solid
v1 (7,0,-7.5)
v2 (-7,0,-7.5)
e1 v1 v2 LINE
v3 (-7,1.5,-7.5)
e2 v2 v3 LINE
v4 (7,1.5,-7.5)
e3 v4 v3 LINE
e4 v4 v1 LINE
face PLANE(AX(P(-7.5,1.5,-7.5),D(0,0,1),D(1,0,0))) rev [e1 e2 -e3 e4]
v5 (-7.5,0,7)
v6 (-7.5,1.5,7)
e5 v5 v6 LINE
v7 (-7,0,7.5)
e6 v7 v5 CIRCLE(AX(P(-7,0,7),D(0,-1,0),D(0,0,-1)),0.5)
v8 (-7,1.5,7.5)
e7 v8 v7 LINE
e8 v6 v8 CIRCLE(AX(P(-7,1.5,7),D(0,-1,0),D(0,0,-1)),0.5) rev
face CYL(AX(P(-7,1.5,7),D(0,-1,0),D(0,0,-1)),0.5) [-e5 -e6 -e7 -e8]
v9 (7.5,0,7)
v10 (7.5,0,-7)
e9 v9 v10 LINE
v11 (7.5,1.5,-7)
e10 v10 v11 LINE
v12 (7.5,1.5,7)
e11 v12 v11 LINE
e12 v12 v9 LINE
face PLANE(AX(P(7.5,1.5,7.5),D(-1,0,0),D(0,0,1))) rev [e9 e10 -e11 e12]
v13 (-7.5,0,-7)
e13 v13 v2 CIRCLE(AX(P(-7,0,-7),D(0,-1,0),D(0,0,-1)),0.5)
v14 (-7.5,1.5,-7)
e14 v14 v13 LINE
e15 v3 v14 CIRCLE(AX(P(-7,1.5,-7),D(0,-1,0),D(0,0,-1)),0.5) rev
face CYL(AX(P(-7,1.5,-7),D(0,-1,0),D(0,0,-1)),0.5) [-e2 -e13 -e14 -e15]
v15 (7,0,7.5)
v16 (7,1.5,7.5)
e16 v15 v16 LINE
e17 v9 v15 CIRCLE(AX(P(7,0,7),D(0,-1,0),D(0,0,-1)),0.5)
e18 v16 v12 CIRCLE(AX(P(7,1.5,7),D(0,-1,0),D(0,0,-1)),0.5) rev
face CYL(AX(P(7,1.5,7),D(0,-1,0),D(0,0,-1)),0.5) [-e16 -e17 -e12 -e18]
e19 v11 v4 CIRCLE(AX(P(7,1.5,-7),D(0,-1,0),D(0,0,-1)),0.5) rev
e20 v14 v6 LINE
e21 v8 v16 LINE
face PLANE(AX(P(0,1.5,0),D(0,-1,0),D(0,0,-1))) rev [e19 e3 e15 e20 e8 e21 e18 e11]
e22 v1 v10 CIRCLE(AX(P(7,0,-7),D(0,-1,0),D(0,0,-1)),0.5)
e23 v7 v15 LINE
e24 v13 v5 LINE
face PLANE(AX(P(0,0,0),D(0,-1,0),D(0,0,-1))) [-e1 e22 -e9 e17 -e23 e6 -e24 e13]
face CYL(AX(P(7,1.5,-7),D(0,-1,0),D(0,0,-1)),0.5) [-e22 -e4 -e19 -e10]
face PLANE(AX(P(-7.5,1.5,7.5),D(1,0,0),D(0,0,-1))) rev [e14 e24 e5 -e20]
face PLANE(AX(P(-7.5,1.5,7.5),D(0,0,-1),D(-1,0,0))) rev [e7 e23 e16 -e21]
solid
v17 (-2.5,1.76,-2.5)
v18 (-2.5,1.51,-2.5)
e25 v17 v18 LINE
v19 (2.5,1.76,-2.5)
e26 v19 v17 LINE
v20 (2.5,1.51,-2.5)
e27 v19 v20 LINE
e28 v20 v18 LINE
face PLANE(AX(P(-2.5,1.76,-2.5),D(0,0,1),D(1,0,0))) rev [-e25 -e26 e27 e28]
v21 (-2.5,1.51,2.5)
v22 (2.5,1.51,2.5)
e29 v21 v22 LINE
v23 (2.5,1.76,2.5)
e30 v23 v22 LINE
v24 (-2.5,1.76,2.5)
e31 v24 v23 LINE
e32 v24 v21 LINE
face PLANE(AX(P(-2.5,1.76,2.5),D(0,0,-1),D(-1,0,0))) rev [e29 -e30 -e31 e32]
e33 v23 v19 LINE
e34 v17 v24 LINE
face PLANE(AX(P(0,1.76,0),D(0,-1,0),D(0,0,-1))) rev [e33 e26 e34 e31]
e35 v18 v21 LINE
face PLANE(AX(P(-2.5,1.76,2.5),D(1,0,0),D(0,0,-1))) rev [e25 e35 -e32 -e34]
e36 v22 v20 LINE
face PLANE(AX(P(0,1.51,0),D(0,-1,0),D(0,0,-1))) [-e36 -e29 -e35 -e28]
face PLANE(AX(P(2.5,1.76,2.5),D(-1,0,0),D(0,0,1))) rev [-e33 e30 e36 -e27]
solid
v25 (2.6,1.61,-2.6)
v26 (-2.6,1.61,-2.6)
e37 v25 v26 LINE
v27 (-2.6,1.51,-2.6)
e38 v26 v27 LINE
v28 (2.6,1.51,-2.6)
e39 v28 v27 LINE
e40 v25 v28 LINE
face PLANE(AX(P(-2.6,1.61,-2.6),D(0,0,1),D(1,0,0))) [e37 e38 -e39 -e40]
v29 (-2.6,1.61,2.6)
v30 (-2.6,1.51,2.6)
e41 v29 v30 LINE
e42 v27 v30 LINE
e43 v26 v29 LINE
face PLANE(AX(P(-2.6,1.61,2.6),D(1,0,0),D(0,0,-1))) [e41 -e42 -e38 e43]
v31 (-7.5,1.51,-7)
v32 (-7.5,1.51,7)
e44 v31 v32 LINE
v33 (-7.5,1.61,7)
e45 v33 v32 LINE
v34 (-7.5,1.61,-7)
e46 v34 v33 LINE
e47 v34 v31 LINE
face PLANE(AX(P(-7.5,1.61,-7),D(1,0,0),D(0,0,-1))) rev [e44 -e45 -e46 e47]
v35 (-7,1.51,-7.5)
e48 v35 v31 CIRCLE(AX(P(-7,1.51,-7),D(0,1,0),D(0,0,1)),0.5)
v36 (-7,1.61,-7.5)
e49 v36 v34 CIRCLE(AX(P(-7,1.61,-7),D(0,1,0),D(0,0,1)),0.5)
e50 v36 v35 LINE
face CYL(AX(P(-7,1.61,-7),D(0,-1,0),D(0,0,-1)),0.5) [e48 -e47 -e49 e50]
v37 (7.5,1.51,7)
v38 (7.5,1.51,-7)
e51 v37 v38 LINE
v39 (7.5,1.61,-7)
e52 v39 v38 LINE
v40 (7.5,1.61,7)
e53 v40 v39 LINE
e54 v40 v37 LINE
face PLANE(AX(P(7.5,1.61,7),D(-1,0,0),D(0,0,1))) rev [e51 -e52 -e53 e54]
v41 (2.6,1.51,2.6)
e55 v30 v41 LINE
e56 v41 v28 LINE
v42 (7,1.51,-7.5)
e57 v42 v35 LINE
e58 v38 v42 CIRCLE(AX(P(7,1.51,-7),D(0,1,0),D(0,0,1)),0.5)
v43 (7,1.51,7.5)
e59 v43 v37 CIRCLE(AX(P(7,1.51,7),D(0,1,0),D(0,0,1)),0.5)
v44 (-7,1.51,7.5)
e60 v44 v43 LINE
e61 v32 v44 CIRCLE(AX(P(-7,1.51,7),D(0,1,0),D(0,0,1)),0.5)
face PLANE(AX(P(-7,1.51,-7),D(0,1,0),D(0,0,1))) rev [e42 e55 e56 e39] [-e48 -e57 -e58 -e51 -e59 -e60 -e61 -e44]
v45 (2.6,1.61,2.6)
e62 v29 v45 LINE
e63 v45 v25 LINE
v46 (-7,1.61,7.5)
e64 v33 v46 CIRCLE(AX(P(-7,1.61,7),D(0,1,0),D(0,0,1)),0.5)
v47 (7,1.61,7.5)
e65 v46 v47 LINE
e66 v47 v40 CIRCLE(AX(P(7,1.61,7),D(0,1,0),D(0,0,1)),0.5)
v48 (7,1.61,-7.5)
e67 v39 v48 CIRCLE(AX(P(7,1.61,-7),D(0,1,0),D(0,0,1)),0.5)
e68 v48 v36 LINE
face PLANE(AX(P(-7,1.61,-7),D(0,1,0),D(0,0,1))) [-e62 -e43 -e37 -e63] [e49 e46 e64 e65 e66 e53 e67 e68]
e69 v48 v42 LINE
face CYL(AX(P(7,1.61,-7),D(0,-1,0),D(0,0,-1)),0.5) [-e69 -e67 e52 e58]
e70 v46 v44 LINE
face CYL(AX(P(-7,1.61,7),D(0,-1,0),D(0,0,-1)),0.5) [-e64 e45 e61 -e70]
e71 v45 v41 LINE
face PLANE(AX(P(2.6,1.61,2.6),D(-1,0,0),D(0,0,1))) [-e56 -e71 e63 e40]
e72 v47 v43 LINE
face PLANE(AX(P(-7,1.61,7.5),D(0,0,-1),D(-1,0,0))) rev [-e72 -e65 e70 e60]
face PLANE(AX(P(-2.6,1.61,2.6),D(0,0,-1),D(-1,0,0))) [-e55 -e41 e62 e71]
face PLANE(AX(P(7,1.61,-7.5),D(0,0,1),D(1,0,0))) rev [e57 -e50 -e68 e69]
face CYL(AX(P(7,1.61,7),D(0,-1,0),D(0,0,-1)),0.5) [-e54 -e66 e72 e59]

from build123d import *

# Parameters (mm, degrees)
SKETCH_1_W      = 15
SKETCH_1_H      = 15
EXTRUDE_1_DEPTH = 1.5
FILLET_1_R      = 0.5
EXTRUDE_START   = 0.1
SKETCH_2_W      = 5.2
SKETCH_2_H      = 5.2
EXTRUDE_2_DEPTH = 0.1
SKETCH_3_W      = 5
SKETCH_3_H      = 5
EXTRUDE_3_DEPTH = 0.25


with BuildPart() as part:
    # 草图1 → 凸台-拉伸1 (new body)
    with BuildSketch(Plane(origin=(0, 0, 0), x_dir=(1, 0, 0), z_dir=(0, 1, 0))):
        Rectangle(SKETCH_1_W, SKETCH_1_H)
    extrude(amount=EXTRUDE_1_DEPTH)

    # 圆角1
    fillet_1_edges = [part.edges().sort_by_distance(p)[0] for p in [
        (7.5, 0.75, 7.5),
        (-7.5, 0.75, 7.5),
        (-7.5, 0.75, -7.5),
        (7.5, 0.75, -7.5),
    ]]
    fillet(fillet_1_edges, radius=FILLET_1_R)


with BuildPart() as body_2:
    # 草图2 → 凸台-拉伸2 (new body)
    with BuildSketch(Plane(origin=(0, 1.51, 0), x_dir=(1, 0, 0), z_dir=(0, 1, 0)).offset(EXTRUDE_START)):
        with BuildLine():
            Line((-7.5, 7), (-7.5, -7))
            ThreePointArc((-7.5, -7), (-7.353553391, -7.353553391), (-7, -7.5))
            Line((-7, -7.5), (7, -7.5))
            ThreePointArc((7, -7.5), (7.353553391, -7.353553391), (7.5, -7))
            Line((7.5, -7), (7.5, 7))
            ThreePointArc((7.5, 7), (7.353553391, 7.353553391), (7, 7.5))
            Line((7, 7.5), (-7, 7.5))
            ThreePointArc((-7, 7.5), (-7.353553391, 7.353553391), (-7.5, 7))
        make_face()
        Rectangle(SKETCH_2_W, SKETCH_2_H, mode=Mode.SUBTRACT)
    extrude(amount=-EXTRUDE_2_DEPTH)


with BuildPart() as body_3:
    # 草图3 → 凸台-拉伸3 (new body)
    with BuildSketch(Plane(origin=(0, 1.51, 0), x_dir=(1, 0, 0), z_dir=(0, 1, 0))):
        Rectangle(SKETCH_3_W, SKETCH_3_H)
    extrude(amount=EXTRUDE_3_DEPTH)


solid = Compound([part.part, body_2.part, body_3.part])
